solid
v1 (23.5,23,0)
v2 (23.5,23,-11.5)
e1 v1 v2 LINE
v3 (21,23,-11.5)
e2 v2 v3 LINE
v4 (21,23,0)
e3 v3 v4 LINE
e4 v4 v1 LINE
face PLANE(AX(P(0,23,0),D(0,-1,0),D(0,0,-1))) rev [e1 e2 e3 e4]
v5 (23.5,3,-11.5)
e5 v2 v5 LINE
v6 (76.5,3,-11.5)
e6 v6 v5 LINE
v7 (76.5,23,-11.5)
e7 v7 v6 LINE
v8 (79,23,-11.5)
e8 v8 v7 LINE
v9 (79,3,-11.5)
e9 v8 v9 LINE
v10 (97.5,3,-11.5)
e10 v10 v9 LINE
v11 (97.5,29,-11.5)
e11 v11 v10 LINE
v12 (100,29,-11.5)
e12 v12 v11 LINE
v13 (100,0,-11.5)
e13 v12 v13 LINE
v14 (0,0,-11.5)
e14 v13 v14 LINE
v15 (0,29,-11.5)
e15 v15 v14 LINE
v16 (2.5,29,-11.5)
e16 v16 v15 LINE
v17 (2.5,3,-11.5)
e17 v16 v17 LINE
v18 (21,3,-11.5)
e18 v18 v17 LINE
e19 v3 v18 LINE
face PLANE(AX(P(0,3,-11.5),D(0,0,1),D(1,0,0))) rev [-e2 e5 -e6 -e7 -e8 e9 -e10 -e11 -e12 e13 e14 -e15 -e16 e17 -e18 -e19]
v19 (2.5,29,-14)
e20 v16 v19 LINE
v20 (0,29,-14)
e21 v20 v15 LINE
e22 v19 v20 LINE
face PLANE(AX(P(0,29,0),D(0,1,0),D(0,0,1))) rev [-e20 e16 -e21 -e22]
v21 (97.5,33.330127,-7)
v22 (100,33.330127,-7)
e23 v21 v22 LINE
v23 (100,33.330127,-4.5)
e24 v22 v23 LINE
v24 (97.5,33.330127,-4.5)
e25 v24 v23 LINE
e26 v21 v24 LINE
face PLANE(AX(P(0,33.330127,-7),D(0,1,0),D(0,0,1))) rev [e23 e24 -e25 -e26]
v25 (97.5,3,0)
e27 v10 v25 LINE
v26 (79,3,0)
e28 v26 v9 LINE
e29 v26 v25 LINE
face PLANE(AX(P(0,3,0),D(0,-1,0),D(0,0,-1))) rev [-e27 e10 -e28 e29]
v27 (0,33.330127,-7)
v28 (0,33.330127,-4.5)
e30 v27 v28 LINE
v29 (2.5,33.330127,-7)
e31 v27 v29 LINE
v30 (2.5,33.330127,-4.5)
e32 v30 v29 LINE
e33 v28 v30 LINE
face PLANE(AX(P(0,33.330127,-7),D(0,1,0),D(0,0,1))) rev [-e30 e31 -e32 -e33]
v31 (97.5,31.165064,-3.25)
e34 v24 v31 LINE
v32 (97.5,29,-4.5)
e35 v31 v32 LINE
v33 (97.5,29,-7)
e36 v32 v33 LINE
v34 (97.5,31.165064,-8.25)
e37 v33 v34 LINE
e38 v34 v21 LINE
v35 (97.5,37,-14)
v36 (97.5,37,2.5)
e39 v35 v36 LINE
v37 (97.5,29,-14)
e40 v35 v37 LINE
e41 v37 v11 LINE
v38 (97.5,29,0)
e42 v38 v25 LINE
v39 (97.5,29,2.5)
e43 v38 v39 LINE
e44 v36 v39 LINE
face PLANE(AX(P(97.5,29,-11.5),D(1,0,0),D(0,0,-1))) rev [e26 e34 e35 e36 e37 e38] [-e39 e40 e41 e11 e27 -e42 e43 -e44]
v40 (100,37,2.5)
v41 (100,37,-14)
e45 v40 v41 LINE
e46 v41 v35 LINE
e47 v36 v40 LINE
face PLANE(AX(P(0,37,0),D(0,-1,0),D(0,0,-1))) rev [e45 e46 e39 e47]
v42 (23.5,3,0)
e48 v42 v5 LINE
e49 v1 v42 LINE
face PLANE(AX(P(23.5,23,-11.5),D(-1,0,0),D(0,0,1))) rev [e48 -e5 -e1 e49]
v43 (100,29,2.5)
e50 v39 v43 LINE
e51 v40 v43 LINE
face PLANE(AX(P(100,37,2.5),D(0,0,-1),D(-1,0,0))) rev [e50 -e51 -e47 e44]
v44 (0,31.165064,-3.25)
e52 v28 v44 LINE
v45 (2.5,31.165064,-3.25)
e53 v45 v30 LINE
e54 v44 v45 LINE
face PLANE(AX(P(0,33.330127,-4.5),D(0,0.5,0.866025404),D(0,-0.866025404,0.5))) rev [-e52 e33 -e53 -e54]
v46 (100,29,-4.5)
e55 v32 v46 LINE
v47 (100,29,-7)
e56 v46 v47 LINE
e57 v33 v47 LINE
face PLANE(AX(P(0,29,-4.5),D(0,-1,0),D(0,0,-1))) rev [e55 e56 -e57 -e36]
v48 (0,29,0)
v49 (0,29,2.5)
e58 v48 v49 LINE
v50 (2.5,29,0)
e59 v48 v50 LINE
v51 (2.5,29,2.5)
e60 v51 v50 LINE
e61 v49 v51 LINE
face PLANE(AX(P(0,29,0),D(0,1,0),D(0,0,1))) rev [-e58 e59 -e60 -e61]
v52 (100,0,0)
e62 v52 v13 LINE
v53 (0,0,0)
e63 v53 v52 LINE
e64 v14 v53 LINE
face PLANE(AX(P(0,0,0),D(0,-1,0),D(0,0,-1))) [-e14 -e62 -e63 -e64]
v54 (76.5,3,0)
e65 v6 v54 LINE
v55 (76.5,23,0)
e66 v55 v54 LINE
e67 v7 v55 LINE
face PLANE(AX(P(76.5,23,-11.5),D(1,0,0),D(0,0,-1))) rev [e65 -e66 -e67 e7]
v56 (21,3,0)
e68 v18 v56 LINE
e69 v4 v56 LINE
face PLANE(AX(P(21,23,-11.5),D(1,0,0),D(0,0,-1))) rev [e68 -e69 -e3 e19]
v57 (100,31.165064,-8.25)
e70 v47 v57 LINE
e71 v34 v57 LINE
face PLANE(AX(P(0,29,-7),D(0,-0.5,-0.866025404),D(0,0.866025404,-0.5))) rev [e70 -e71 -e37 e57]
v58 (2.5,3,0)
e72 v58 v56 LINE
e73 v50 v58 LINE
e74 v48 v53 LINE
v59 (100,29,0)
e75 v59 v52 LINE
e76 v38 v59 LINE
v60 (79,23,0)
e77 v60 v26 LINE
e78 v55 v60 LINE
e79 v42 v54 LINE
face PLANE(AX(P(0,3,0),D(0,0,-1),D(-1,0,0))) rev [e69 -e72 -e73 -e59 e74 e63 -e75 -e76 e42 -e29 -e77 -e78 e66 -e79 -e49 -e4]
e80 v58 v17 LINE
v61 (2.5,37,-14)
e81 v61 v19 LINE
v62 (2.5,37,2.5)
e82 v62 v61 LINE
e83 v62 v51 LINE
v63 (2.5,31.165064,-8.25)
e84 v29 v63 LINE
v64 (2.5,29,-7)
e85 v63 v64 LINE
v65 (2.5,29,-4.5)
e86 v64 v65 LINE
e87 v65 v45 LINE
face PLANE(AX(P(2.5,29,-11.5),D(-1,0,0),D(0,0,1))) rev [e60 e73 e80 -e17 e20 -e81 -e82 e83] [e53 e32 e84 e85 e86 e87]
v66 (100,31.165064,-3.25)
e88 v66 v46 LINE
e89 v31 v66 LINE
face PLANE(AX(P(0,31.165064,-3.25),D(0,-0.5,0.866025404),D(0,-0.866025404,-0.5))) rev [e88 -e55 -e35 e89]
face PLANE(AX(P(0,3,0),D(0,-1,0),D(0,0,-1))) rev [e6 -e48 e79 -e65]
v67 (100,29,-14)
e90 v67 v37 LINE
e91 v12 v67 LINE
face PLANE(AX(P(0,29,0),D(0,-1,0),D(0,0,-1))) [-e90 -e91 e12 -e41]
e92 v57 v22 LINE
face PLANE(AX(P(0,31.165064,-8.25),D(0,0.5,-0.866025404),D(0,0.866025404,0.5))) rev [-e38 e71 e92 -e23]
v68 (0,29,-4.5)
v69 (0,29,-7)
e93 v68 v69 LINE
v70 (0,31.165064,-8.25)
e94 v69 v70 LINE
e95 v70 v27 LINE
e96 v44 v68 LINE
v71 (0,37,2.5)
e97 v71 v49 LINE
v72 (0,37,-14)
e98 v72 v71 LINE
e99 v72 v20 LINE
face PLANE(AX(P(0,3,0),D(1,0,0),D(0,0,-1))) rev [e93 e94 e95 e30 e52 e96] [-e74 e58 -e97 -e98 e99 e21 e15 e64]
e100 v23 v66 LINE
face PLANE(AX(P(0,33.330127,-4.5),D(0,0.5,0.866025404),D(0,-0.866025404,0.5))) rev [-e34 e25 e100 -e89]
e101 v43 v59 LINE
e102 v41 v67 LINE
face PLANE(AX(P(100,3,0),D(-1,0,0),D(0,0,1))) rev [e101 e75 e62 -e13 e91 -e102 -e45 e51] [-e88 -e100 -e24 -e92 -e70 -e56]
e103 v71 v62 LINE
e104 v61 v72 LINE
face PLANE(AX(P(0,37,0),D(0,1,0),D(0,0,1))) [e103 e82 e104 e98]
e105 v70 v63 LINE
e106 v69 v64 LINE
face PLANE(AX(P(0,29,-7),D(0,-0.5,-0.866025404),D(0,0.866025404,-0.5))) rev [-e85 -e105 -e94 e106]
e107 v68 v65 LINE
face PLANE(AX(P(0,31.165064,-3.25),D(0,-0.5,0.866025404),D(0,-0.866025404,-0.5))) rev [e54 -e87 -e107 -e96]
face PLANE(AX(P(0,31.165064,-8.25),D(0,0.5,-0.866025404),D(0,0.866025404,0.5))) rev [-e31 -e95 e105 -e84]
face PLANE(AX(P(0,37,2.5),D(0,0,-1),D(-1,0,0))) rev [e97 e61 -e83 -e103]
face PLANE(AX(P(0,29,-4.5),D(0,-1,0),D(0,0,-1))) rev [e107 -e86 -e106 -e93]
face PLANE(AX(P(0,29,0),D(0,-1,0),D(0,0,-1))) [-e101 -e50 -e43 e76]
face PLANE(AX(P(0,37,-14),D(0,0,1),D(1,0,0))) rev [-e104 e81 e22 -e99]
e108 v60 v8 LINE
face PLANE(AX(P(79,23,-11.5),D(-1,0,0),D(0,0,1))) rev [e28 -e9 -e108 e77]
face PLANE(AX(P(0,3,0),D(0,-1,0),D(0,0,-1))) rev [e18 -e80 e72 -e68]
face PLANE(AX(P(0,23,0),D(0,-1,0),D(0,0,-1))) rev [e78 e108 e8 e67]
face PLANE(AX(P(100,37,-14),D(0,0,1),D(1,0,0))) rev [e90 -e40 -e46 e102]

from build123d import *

# Parameters (mm, degrees)
SKETCH_1_W          = 100
SKETCH_1_H          = 11.5
EXTRUDE_1_DEPTH     = 3
SKETCH_2_W          = 2.5
SKETCH_2_H          = 11.5
EXTRUDE_2_DEPTH     = 26
SKETCH_3_W          = 2.5
SKETCH_3_H          = 11.5
EXTRUDE_3_DEPTH     = 20
SKETCH_6_W          = 2.5
SKETCH_6_H          = 16.5
EXTRUDE_4_DEPTH     = 8
CUT_EXTRUDE_1_DEPTH = 101


with BuildPart() as part:
    # 草图1 → 凸台-拉伸1 (new body)
    with BuildSketch(Plane(origin=(0, 0, 0), x_dir=(1, 0, 0), z_dir=(0, 1, 0))):
        with Locations((50, 5.75)):
            Rectangle(SKETCH_1_W, SKETCH_1_H)
    extrude(amount=EXTRUDE_1_DEPTH)

    # 草图2 → 凸台-拉伸2 (add)
    with BuildSketch(Plane(origin=(0, 3, 0), x_dir=(1, 0, 0), z_dir=(0, 1, 0))):
        with Locations((1.25, 5.75)):
            Rectangle(SKETCH_2_W, SKETCH_2_H)
        with Locations((98.75, 5.75)):
            Rectangle(SKETCH_2_W, SKETCH_2_H)
    extrude(amount=EXTRUDE_2_DEPTH)

    # 草图3 → 凸台-拉伸3 (add)
    with BuildSketch(Plane(origin=(0, 3, 0), x_dir=(1, 0, 0), z_dir=(0, 1, 0))):
        with Locations((22.25, 5.75)):
            Rectangle(SKETCH_3_W, SKETCH_3_H)
        with Locations((77.75, 5.75)):
            Rectangle(SKETCH_3_W, SKETCH_3_H)
    extrude(amount=EXTRUDE_3_DEPTH)

    # 草图6 → 凸台-拉伸4 (add)
    with BuildSketch(Plane(origin=(0, 29, 0), x_dir=(1, 0, 0), z_dir=(0, 1, 0))):
        with Locations((1.25, 5.75)):
            Rectangle(SKETCH_6_W, SKETCH_6_H)
        with Locations((98.75, 5.75)):
            Rectangle(SKETCH_6_W, SKETCH_6_H)
    extrude(amount=EXTRUDE_4_DEPTH)

    # 草图5 → 切除-拉伸1 (cut, through all)
    with BuildSketch(Plane(origin=(100, 0, 0), x_dir=(0, 0, -1), z_dir=(1, 0, 0))):
        Polygon((8.25, 31.165063509), (7, 33.330127019), (4.5, 33.330127019), (3.25, 31.165063509), (4.5, 29), (7, 29), align=None)
    extrude(amount=-CUT_EXTRUDE_1_DEPTH, mode=Mode.SUBTRACT)


solid = part.part
